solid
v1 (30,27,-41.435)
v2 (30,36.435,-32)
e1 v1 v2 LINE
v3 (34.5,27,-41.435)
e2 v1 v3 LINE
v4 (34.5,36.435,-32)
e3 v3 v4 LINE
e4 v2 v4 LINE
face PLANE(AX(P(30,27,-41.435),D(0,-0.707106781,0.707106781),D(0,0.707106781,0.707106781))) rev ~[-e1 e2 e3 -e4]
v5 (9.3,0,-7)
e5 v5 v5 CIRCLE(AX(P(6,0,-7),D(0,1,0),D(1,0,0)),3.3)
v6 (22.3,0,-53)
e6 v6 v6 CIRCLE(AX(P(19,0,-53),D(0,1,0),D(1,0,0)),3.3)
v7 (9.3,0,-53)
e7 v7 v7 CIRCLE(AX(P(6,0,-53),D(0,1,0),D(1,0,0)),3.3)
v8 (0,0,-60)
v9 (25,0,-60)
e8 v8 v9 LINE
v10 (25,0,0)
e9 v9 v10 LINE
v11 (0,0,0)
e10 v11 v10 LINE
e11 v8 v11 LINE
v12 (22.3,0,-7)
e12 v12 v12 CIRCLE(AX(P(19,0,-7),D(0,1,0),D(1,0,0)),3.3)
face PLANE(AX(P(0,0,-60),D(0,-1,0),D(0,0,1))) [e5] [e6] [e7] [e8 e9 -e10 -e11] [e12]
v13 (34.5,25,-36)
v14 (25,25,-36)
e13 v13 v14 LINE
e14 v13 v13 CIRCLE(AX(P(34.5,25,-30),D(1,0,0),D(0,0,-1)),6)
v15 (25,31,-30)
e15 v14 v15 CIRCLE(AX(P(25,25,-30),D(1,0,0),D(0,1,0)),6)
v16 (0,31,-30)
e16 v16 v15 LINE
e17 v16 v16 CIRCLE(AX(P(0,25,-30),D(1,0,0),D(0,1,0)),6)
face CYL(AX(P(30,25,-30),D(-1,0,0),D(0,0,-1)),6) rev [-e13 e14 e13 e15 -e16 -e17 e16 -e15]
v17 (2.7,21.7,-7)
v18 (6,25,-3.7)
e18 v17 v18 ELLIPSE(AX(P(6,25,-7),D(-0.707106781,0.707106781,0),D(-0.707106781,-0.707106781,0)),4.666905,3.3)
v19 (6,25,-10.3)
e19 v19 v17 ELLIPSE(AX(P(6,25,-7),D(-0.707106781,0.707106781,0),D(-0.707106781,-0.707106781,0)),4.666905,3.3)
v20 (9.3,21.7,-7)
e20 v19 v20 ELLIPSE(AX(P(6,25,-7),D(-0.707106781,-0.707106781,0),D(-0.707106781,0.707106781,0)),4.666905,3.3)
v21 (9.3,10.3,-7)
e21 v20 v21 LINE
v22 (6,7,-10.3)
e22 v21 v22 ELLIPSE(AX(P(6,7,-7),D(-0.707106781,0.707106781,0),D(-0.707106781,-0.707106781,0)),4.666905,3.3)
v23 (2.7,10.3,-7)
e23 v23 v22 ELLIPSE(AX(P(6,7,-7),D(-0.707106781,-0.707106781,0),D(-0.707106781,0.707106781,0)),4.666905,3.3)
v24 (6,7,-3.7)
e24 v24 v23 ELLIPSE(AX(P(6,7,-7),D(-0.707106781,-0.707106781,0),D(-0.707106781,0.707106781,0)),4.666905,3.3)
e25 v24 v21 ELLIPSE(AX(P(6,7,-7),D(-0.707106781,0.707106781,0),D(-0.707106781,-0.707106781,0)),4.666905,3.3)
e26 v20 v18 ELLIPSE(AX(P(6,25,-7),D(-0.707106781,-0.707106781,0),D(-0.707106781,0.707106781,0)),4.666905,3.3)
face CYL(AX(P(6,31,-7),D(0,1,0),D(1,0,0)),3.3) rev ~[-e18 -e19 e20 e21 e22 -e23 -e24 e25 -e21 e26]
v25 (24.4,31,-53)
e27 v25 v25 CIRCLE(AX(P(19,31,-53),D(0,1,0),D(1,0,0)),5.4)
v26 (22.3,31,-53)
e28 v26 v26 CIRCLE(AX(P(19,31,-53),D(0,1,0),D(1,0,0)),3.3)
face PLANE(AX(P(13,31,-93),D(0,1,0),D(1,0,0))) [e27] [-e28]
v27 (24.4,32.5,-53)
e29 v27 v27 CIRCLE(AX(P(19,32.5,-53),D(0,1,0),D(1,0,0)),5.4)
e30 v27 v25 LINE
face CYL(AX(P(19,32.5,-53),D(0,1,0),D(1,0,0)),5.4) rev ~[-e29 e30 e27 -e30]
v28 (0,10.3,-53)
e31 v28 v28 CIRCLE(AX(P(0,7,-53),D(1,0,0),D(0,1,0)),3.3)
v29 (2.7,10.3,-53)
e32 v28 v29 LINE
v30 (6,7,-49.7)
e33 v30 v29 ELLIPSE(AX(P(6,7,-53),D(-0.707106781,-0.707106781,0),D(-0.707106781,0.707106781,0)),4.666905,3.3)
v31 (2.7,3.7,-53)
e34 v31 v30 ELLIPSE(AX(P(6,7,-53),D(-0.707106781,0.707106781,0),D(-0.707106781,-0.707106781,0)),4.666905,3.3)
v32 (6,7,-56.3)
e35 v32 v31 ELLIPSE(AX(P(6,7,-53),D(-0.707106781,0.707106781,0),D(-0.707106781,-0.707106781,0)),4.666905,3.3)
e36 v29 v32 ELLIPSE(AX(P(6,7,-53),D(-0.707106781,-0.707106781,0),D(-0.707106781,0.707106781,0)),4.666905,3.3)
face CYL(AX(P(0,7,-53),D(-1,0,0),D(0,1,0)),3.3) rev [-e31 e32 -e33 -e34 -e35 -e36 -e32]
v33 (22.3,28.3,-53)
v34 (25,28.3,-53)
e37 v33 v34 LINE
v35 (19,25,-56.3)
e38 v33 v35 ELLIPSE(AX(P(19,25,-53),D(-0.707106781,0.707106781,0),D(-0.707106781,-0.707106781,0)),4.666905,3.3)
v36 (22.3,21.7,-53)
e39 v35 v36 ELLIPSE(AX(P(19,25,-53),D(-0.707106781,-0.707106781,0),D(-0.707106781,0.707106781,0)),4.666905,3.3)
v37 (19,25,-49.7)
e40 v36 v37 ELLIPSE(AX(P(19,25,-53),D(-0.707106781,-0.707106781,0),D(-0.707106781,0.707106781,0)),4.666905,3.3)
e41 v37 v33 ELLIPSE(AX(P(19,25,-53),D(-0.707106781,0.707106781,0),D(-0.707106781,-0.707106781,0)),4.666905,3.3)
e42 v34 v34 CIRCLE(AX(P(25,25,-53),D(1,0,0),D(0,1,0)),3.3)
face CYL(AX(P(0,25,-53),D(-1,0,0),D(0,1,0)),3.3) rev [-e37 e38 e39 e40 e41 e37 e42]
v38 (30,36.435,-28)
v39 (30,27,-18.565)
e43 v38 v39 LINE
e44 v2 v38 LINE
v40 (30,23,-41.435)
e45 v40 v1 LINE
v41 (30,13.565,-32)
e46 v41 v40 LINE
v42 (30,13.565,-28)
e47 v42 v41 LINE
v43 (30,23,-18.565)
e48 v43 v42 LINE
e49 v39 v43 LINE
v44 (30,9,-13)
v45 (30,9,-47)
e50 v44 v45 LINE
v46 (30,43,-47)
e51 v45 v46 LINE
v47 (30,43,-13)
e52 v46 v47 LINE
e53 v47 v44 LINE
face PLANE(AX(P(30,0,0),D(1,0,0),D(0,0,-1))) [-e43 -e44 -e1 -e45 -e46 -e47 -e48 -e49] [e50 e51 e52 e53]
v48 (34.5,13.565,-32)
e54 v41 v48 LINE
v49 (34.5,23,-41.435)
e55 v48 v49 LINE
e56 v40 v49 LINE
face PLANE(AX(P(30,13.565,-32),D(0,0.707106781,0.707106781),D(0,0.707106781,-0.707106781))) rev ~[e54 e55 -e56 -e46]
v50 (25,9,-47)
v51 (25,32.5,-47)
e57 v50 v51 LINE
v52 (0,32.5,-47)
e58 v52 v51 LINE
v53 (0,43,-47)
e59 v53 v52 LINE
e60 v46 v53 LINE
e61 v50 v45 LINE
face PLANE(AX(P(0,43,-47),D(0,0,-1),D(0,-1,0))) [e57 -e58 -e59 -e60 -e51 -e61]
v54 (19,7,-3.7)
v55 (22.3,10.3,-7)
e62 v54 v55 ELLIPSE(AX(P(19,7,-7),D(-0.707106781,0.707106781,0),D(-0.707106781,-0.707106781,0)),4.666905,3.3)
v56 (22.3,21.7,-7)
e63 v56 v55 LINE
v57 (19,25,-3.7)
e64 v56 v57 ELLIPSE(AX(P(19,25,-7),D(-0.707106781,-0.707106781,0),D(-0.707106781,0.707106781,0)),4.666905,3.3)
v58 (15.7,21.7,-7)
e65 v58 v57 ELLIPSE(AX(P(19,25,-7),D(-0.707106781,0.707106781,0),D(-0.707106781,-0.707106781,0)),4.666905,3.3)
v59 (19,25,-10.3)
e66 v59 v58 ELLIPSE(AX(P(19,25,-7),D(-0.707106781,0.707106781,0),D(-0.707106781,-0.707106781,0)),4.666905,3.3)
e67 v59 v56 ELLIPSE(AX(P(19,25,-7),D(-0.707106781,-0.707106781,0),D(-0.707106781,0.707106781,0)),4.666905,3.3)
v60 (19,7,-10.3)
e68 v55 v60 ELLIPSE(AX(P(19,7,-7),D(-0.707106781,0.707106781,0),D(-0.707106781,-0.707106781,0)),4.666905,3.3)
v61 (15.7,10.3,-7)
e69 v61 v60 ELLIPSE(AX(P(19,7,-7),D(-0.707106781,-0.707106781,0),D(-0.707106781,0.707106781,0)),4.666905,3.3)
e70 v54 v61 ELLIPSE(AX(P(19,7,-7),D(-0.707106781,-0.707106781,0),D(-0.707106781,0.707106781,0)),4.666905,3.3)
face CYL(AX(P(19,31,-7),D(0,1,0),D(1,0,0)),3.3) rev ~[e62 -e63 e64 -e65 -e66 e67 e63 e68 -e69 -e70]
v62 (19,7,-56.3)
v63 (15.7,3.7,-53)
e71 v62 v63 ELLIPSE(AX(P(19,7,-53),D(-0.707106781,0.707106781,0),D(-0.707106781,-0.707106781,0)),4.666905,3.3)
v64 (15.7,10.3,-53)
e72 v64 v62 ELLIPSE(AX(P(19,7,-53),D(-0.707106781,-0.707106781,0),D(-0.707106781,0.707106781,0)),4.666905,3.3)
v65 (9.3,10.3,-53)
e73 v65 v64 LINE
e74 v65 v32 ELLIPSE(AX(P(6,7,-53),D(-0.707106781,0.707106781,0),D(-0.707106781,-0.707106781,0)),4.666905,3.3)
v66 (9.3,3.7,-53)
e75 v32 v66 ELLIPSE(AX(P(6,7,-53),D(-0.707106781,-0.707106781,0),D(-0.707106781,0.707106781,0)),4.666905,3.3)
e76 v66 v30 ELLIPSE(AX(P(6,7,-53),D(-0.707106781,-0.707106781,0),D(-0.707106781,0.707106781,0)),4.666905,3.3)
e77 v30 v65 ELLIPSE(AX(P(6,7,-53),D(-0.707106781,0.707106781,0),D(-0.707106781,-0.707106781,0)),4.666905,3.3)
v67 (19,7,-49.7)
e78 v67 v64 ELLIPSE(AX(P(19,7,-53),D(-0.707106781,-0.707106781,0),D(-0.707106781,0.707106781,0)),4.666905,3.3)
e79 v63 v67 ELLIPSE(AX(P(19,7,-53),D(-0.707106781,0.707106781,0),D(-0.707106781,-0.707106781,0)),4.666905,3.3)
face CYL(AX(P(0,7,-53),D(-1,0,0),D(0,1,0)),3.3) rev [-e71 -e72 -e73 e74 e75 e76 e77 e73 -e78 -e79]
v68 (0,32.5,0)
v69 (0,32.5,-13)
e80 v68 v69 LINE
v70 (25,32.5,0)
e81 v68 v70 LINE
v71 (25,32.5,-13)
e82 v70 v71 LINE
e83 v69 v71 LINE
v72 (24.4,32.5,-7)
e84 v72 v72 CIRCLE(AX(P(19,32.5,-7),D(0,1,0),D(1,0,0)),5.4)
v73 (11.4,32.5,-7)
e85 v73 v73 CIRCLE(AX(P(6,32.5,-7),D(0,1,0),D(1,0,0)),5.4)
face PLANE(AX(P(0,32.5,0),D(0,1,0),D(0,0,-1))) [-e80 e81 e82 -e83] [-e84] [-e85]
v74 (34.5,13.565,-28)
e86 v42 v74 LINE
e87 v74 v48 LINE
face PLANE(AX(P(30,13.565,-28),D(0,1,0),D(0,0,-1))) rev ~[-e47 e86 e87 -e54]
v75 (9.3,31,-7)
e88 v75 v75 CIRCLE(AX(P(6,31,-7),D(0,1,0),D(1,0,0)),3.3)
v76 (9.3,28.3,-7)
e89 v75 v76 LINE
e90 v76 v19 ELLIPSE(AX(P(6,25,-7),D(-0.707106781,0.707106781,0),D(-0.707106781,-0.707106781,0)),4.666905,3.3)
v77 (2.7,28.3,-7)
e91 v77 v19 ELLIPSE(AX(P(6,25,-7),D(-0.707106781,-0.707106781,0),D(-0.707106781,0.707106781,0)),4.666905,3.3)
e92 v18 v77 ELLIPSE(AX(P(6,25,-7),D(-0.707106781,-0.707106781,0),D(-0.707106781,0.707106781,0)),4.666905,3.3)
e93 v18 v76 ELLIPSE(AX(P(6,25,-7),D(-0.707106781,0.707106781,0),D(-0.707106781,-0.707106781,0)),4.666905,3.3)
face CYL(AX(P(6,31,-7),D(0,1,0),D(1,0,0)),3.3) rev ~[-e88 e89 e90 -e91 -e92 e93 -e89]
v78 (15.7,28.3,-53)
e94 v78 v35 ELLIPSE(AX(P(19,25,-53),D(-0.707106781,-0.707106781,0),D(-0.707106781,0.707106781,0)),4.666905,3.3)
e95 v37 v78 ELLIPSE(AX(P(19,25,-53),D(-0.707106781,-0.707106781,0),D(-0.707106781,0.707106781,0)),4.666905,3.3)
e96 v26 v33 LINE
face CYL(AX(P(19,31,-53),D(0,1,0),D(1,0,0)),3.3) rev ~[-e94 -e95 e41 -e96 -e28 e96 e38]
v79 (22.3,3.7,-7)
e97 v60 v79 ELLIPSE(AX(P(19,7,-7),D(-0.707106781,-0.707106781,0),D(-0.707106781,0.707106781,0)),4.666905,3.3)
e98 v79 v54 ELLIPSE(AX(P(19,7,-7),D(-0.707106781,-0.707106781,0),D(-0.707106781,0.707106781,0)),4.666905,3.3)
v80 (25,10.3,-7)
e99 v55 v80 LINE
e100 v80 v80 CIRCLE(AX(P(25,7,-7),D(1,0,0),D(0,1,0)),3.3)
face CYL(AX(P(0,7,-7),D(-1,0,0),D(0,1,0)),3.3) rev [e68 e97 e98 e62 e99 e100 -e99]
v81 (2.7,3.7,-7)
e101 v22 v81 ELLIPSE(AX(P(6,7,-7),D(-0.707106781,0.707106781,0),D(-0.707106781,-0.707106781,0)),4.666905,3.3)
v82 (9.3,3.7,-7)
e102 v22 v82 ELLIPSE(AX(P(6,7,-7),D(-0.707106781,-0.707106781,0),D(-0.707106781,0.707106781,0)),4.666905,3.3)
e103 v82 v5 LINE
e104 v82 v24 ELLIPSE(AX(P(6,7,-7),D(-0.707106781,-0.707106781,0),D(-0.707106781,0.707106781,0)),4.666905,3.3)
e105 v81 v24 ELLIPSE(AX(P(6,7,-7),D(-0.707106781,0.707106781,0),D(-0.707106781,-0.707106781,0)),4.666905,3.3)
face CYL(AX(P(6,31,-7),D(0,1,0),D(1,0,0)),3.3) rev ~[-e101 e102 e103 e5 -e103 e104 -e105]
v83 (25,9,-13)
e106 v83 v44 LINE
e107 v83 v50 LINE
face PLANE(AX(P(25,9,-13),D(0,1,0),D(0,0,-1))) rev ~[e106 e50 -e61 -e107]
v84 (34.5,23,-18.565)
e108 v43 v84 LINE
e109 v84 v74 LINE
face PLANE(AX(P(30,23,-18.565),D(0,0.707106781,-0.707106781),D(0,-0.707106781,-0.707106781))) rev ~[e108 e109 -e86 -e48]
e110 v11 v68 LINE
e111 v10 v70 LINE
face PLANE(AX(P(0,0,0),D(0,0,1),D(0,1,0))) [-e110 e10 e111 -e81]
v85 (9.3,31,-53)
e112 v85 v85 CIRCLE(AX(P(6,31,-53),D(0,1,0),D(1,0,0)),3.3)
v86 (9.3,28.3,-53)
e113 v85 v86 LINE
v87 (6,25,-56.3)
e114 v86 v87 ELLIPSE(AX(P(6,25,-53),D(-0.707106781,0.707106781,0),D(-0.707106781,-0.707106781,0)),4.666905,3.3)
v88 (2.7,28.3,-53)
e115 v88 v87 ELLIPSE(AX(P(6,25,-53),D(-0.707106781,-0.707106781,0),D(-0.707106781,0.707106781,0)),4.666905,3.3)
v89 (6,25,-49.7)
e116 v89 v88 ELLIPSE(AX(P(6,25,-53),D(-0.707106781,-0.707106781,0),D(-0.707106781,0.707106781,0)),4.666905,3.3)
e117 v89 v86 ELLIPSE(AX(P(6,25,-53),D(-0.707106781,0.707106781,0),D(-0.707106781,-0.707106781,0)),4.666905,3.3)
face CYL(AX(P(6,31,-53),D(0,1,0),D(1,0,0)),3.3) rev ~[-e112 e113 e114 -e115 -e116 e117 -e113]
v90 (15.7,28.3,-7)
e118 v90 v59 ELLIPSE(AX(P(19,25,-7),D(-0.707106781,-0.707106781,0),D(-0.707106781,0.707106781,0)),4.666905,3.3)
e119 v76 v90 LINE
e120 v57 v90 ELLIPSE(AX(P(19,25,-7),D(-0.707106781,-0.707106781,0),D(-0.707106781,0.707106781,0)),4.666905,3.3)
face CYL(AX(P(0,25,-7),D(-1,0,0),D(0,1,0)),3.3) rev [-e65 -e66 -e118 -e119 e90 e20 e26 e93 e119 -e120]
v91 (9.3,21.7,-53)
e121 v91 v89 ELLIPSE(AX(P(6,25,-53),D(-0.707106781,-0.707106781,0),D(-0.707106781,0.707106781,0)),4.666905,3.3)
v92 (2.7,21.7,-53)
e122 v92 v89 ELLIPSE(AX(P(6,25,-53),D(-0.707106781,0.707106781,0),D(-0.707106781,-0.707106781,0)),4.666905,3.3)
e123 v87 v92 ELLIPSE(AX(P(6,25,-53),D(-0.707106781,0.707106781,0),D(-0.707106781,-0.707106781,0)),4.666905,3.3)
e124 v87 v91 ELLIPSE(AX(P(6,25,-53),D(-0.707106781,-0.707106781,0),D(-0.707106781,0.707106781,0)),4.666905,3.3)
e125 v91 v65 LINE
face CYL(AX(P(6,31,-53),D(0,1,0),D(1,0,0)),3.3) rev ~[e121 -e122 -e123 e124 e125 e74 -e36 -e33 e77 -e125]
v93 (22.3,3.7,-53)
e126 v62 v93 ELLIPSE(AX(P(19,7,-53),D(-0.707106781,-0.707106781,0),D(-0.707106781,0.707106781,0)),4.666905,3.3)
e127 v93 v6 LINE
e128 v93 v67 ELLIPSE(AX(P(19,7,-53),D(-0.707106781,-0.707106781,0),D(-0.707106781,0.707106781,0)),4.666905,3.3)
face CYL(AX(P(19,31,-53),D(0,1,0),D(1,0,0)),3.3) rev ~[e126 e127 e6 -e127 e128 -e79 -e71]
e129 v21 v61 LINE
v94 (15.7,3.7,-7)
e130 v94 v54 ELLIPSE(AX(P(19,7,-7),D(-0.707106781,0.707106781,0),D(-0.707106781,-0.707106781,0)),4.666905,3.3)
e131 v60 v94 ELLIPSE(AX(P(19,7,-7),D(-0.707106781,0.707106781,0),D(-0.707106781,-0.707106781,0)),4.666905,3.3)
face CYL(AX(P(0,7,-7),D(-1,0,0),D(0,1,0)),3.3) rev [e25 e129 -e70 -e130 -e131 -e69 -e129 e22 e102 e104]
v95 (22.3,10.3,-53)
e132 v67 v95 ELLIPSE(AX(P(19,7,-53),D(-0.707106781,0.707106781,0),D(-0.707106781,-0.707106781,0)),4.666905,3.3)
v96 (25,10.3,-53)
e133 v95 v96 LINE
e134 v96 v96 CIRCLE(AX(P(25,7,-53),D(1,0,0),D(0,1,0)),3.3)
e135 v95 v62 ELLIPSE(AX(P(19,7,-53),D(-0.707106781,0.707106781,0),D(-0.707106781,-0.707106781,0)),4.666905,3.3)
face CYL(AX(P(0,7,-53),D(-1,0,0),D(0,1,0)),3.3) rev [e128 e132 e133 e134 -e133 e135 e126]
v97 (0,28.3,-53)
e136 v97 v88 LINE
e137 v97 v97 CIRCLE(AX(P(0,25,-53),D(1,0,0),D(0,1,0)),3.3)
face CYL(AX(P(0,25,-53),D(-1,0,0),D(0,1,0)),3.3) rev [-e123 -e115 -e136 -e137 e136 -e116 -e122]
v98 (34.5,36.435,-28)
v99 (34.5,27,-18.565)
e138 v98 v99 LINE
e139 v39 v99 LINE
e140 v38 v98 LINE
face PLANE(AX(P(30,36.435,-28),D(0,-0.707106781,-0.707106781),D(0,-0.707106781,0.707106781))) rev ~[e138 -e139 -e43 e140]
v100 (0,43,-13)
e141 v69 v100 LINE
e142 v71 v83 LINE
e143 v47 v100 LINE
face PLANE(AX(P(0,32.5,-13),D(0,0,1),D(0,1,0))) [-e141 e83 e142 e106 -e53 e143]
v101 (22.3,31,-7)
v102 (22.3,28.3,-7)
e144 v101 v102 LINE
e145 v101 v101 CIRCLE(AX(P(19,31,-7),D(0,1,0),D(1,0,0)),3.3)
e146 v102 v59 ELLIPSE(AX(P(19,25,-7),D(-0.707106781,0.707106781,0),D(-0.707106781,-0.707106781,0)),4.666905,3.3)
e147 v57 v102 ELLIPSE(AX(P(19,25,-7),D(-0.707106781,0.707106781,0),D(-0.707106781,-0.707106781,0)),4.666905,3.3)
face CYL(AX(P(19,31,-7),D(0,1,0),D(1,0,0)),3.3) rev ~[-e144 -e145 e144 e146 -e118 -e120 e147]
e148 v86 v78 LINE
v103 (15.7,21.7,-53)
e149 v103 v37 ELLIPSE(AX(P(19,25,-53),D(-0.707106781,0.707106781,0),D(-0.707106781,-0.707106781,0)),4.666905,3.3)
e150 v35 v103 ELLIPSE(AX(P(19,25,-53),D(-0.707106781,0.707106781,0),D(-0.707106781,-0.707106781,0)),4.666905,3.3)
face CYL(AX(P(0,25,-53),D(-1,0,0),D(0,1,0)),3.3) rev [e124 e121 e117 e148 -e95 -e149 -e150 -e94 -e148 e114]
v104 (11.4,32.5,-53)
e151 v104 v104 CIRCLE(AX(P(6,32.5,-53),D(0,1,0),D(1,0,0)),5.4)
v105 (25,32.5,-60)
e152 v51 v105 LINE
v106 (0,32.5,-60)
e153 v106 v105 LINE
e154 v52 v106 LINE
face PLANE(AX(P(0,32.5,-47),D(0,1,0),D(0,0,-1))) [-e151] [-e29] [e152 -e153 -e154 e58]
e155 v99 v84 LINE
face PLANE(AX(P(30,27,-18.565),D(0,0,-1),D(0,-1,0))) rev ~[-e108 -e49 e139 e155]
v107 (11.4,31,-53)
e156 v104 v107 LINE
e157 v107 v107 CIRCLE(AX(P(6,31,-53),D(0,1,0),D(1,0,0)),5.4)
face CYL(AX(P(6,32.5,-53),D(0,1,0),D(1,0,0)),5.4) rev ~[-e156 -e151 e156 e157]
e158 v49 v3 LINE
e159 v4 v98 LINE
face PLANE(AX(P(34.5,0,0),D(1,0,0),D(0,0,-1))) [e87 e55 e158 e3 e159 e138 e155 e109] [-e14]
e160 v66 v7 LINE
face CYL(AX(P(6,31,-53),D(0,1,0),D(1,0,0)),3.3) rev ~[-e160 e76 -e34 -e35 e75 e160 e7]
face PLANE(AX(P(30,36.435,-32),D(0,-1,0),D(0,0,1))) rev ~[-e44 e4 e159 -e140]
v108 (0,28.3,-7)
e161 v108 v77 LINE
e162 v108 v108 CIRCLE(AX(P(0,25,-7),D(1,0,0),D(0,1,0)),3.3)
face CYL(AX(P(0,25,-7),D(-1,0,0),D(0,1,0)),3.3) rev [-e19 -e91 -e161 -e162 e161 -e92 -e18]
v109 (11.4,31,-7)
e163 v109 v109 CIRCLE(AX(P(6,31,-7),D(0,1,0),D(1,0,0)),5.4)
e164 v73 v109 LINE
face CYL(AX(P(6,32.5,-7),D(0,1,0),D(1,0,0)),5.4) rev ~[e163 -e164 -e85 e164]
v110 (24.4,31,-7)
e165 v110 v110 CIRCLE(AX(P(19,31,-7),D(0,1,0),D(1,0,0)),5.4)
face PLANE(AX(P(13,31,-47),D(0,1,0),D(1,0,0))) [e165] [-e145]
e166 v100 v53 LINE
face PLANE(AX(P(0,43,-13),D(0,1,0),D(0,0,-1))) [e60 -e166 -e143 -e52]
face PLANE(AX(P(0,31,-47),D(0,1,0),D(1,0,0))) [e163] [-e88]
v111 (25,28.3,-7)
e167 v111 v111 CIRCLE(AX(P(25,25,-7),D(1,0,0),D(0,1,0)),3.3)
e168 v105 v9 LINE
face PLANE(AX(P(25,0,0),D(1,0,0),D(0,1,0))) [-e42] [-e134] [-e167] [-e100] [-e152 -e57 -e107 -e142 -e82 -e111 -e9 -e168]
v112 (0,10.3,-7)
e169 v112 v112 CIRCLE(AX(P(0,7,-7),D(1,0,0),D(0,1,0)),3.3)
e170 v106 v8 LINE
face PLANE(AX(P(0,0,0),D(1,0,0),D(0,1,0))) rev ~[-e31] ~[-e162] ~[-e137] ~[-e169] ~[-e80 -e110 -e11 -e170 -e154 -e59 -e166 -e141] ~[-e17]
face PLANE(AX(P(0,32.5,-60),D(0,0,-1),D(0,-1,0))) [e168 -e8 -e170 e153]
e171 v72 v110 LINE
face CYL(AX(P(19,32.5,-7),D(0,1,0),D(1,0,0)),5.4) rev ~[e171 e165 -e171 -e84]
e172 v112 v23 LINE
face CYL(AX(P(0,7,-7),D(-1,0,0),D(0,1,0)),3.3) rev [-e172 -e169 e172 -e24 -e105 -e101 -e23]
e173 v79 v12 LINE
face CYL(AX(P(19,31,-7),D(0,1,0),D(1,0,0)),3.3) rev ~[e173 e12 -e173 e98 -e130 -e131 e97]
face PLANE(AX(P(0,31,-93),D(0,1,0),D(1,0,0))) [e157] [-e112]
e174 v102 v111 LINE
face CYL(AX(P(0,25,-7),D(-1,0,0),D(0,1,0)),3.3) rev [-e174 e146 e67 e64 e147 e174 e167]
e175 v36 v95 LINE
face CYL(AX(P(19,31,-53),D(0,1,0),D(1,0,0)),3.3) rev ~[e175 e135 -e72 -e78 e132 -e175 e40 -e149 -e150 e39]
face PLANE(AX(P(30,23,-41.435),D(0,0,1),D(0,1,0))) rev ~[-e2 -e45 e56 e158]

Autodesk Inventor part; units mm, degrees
ref_plane "YZ Plane" through (0, 0, 0) normal (1, 0, 0) x (0, 1, 0)
ref_plane "XZ Plane" through (0, 0, 0) normal (0, 1, 0) x (-1, 0, 0)
ref_plane "XY Plane" through (0, 0, 0) normal (0, 0, 1) x (1, 0, 0)
sketch "Sketch1" plane through (0, 0, 0) normal (1, 0, 0) x (0, 1, 0)
  line L0 (0, 0) -> (32.5, 0)
  line L1 (32.5, 0) -> (32.5, -13)
  line L2 (32.5, -60) -> (0, -60)
  line L3 (0, -60) -> (0, 0)
  circle A0 centre (25, -53) radius 3.3
  circle A1 centre (25, -7) radius 3.3
  circle A2 centre (7, -7) radius 3.3
  circle A3 centre (7, -53) radius 3.3
  line L4 (25, -7) -> (7, -7) construction
  line L5 (7, -7) -> (7, -53) construction
  line L6 (7, -53) -> (25, -53) construction
  line L7 (25, -53) -> (25, -7) construction
  line L8 (32.5, -13) -> (43, -13)
  line L9 (43, -13) -> (43, -47)
  line L10 (43, -47) -> (32.5, -47)
  line L11 (32.5, -47) -> (32.5, -60)
  line L12 (32.5, -13) -> (32.5, -47) construction
  circle A4 centre (25, -30) radius 6
  point P0 (32.5, -30)
  dimension "d0" = 60
  dimension "d1" = 6.6
  dimension "d2" = 18
  dimension "d3" = 46
  dimension "d4" = 25
  dimension "d5" = 32.5
  dimension "d6" = 34
  dimension "d7" = 43
  dimension "d8" = 12
extrude "Extrusion1" add sketch "Sketch1" along normal blind 25
sketch "Sketch2" plane through (25, 0, 0) normal (1, 0, 0) x (0, 0, -1)
  line L0 (47, 43) -> (13, 43) projected
  line L1 (13, 43) -> (13, 9)
  line L2 (13, 9) -> (47, 9)
  line L3 (47, 9) -> (47, 43)
  circle A0 centre (30, 25) radius 6 projected
  point P0 (0, 0)
extrude "Extrusion2" add sketch "Sketch2" along normal blind 5
sketch "Sketch3" plane through (30, 0, 0) normal (1, 0, 0) x (0, 0, -1)
  circle A0 centre (30, 25) radius 6 projected
  circle A1 centre (30, 25) radius 6 projected
  line L0 (18.565, 27) -> (18.565, 23)
  line L1 (18.565, 23) -> (28, 13.565)
  line L2 (28, 13.565) -> (32, 13.565)
  line L3 (32, 13.565) -> (41.435, 23)
  line L4 (41.435, 23) -> (41.435, 27)
  line L5 (41.435, 27) -> (32, 36.435)
  line L6 (32, 36.435) -> (28, 36.435)
  line L7 (28, 36.435) -> (18.565, 27)
  point P0 (0, 0)
  point P1 (30, 13.565)
  point P2 (18.565, 25)
  point P3 (36.7175, 31.7175)
  point P4 (23.2825, 18.2825)
  dimension "d14" = 135
  dimension "d15" = 19
  dimension "d16" = 4
extrude "Extrusion3" add sketch "Sketch3" along normal blind 4.5
sketch "Sketch4" plane through (0, 32.5, -47) normal (0, 1, 0) x (1, 0, 0)
  circle A0 centre (6, -40) radius 5.4
  point P0 (0, -47)
  dimension "d19" = 10.8
  dimension "d20" = 6
  dimension "d21" = 7
extrude "Extrusion4" cut sketch "Sketch4" against normal blind 1.5
sketch "Sketch5" plane through (6, 31, -7) normal (0, 1, 0) x (1, 0, 0)
  circle A0 centre (0, 0) radius 3.3
  circle A1 centre (0, 0) radius 5.4 construction
  point P0 (-6, -7)
  dimension "d24" = 6.6
extrude "Extrusion5" cut sketch "Sketch5" against normal up to surface (31 mm away)
pattern_linear "Rectangular Pattern1" count 2 spacing 13 along (1, 0, 0) count 2 spacing -46 along (0, 0, 1) of "Extrusion5", "Extrusion4"
properties part number "BK10_Frame"
